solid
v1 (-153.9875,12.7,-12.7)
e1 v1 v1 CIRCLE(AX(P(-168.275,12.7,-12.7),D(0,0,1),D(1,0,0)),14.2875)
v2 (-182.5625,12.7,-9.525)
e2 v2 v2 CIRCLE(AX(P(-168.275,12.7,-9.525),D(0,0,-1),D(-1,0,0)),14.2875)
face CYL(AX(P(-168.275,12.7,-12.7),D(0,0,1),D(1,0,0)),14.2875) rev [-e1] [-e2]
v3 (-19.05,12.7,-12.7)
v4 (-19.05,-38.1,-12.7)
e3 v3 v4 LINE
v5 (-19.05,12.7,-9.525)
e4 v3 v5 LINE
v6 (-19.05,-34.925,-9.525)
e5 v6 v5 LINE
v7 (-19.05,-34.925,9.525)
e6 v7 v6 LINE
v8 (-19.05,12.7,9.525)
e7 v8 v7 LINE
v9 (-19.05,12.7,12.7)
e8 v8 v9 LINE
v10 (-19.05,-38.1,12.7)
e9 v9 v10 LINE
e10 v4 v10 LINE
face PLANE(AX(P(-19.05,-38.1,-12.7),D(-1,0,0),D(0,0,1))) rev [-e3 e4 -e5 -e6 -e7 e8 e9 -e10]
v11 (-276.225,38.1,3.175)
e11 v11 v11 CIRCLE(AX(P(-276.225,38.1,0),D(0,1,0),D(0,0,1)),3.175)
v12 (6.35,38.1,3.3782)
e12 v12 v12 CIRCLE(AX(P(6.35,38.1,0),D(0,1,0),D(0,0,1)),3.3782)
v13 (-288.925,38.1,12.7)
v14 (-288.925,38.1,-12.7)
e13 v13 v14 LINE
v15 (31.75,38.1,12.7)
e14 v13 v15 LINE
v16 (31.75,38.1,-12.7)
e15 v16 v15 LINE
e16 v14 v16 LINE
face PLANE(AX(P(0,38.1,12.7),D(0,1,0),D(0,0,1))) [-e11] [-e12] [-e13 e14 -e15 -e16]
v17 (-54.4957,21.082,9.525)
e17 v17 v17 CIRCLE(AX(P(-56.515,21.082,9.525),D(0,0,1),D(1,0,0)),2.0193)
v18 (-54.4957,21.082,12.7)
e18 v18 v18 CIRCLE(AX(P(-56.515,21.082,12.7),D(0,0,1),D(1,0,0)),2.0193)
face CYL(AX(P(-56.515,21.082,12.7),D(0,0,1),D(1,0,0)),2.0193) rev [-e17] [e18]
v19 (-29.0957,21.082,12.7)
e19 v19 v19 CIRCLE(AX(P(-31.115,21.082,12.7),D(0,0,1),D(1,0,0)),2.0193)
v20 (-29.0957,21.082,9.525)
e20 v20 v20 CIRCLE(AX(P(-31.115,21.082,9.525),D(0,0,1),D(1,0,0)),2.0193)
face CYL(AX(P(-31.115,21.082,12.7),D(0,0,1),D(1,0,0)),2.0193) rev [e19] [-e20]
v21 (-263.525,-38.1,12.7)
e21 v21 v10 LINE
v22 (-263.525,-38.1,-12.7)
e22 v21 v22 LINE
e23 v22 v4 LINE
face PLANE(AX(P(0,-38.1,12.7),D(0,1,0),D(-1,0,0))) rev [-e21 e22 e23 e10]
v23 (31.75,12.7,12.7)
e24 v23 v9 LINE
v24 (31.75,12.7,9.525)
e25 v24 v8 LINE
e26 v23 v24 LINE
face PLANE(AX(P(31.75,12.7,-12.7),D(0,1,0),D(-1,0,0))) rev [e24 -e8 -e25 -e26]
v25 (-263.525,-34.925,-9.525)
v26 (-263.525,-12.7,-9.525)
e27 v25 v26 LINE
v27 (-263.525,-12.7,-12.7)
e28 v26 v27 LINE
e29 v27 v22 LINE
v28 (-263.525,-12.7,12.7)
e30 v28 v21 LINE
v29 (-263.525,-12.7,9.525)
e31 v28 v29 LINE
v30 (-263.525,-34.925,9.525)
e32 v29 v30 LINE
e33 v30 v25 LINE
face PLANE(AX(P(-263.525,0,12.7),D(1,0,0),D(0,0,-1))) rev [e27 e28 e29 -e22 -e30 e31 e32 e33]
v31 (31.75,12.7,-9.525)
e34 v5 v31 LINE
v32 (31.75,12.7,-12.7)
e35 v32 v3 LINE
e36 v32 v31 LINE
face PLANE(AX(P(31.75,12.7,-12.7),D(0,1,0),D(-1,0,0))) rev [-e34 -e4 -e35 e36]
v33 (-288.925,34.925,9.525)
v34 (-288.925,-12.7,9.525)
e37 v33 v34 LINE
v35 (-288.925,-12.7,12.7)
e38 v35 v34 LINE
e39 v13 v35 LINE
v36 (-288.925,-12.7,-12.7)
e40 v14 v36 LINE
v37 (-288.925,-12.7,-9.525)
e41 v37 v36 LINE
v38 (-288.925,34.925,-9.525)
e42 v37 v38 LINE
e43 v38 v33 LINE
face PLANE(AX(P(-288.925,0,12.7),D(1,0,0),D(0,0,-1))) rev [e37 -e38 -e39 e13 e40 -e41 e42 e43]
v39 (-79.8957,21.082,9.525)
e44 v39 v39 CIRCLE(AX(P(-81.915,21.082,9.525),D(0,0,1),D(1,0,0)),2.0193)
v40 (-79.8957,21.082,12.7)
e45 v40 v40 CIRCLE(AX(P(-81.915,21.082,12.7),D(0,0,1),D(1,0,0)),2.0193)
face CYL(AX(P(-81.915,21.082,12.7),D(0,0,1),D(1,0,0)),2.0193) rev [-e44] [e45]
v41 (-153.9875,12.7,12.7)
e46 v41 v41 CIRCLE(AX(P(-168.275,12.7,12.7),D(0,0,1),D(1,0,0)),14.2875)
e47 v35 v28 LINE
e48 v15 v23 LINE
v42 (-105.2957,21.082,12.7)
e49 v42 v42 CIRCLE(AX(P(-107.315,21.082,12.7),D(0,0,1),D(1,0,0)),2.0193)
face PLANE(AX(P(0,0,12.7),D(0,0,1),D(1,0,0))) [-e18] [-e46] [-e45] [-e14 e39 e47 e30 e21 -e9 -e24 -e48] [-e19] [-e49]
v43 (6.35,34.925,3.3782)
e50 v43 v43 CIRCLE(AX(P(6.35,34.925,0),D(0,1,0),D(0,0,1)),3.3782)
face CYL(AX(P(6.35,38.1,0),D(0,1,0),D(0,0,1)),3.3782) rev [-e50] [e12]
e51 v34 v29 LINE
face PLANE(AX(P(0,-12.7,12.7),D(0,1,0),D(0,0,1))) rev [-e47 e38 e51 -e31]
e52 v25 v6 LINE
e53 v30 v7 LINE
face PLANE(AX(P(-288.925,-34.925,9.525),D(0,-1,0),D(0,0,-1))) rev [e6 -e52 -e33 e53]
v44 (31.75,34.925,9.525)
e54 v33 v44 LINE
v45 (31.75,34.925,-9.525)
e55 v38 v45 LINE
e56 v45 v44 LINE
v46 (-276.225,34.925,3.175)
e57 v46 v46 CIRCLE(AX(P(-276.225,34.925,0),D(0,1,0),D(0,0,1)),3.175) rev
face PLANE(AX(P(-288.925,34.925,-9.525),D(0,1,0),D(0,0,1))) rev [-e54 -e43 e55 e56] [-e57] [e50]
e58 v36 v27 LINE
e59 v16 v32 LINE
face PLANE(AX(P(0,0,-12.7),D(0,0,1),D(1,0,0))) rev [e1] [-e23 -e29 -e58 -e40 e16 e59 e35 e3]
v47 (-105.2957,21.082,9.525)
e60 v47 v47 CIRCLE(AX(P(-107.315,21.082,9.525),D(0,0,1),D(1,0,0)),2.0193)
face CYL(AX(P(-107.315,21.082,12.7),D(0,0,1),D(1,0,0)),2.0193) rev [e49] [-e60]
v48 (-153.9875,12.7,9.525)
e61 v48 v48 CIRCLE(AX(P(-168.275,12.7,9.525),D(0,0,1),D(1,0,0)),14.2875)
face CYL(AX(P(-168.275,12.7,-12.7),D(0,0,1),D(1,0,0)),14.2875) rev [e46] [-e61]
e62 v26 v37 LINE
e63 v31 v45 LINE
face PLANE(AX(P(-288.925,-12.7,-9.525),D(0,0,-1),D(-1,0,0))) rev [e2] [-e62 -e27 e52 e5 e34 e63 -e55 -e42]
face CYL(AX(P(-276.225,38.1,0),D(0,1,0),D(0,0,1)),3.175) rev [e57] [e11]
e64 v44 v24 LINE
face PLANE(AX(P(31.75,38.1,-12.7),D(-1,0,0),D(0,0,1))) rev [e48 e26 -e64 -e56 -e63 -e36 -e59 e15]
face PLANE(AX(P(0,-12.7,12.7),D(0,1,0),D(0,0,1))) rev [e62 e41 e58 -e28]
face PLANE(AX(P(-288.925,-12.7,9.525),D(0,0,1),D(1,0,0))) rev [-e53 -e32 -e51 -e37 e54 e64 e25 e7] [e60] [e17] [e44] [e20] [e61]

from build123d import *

# Parameters (mm, degrees)
BOSS_EXTRUDE1_DEPTH         = 12.7
F_1_4_0_25_DIAMETER_HOLE1_D = 6.35
CUT_EXTRUDE1_DEPTH          = 580.243923145
SKETCH8_R                   = 14.2875
CUT_EXTRUDE2_DEPTH          = 293.531067795
F_10_32_TAPPED_HOLE1_D      = 4.0386
F_10_32_TAPPED_HOLE1_DEPTH  = 13.716
F_10_32_TAPPED_HOLE1_TIP    = 1.213317848
SKETCH11_W                  = 257.175
SKETCH11_H                  = 76.2
CUT_EXTRUDE3_DEPTH          = 293.531067795
SKETCH13_W                  = 50.8
SKETCH13_H                  = 50.8
CUT_EXTRUDE5_DEPTH          = 293.531067795
F_1_4_CLEARANCE_HOLE1_D     = 6.7564


with BuildPart() as part:
    # Sketch1 → Boss-Extrude1 (new, symmetric)
    with BuildSketch(Plane.XY):
        Polygon((-288.925, 38.1), (-288.925, -12.7), (-263.525, -12.7), (-263.525, -38.1), (263.525, -38.1), (263.525, -12.7), (288.925, -12.7), (288.925, 38.1), align=None)
    extrude(amount=BOSS_EXTRUDE1_DEPTH, both=True)

    # 1/4 (0.25) Diameter Hole1 (through all)
    with Locations(Plane(origin=(0, 38.1, 0), x_dir=(1, 0, 0), z_dir=(0, 1, 0))):
        with Locations((-276.225, 0), (276.225, 0)):
            Hole(F_1_4_0_25_DIAMETER_HOLE1_D / 2)

    # Sketch5 → Cut-Extrude1 (cut, through all)
    with BuildSketch(Plane(origin=(288.925, 0, 0), x_dir=(0, 0, -1), z_dir=(1, 0, 0))):
        Polygon((9.525, -12.7), (9.525, 34.925), (-9.525, 34.925), (-9.525, -12.7), (-9.525, -34.925), (9.525, -34.925), align=None)
    extrude(amount=-CUT_EXTRUDE1_DEPTH, mode=Mode.SUBTRACT)

    # Sketch8 → Cut-Extrude2 (cut, through all)
    with BuildSketch(Plane.XY.offset(12.7)):
        with Locations((-168.275, 12.7)):
            Circle(SKETCH8_R)
        with Locations((168.275, 12.7)):
            Circle(SKETCH8_R)
    extrude(amount=-CUT_EXTRUDE2_DEPTH, mode=Mode.SUBTRACT)

    # #10-32 Tapped Hole1
    with Locations(Plane.XY.offset(12.7)):
        with Locations((-107.315, 21.082), (-81.915, 21.082), (-56.515, 21.082), (-31.115, 21.082)):
            Hole(F_10_32_TAPPED_HOLE1_D / 2, depth=F_10_32_TAPPED_HOLE1_DEPTH)
            with Locations((0, 0, -(F_10_32_TAPPED_HOLE1_DEPTH + F_10_32_TAPPED_HOLE1_TIP / 2))):  # 118° drill point
                Cone(0, F_10_32_TAPPED_HOLE1_D / 2, F_10_32_TAPPED_HOLE1_TIP, mode=Mode.SUBTRACT)

    # Sketch11 → Cut-Extrude3 (cut, through all)
    with BuildSketch(Plane.XY.offset(12.7)):
        with Locations((160.3375, 0)):
            Rectangle(SKETCH11_W, SKETCH11_H)
    extrude(amount=-CUT_EXTRUDE3_DEPTH, mode=Mode.SUBTRACT)

    # Sketch13 → Cut-Extrude5 (cut, through all)
    with BuildSketch(Plane.XY.offset(12.7)):
        with Locations((6.35, -12.7)):
            Rectangle(SKETCH13_W, SKETCH13_H)
    extrude(amount=-CUT_EXTRUDE5_DEPTH, mode=Mode.SUBTRACT)

    # 1/4 Clearance Hole1 (through all)
    with Locations(Plane(origin=(0, 38.1, 0), x_dir=(1, 0, 0), z_dir=(0, 1, 0))):
        with Locations((6.35, 0)):
            Hole(F_1_4_CLEARANCE_HOLE1_D / 2)


solid = part.part
